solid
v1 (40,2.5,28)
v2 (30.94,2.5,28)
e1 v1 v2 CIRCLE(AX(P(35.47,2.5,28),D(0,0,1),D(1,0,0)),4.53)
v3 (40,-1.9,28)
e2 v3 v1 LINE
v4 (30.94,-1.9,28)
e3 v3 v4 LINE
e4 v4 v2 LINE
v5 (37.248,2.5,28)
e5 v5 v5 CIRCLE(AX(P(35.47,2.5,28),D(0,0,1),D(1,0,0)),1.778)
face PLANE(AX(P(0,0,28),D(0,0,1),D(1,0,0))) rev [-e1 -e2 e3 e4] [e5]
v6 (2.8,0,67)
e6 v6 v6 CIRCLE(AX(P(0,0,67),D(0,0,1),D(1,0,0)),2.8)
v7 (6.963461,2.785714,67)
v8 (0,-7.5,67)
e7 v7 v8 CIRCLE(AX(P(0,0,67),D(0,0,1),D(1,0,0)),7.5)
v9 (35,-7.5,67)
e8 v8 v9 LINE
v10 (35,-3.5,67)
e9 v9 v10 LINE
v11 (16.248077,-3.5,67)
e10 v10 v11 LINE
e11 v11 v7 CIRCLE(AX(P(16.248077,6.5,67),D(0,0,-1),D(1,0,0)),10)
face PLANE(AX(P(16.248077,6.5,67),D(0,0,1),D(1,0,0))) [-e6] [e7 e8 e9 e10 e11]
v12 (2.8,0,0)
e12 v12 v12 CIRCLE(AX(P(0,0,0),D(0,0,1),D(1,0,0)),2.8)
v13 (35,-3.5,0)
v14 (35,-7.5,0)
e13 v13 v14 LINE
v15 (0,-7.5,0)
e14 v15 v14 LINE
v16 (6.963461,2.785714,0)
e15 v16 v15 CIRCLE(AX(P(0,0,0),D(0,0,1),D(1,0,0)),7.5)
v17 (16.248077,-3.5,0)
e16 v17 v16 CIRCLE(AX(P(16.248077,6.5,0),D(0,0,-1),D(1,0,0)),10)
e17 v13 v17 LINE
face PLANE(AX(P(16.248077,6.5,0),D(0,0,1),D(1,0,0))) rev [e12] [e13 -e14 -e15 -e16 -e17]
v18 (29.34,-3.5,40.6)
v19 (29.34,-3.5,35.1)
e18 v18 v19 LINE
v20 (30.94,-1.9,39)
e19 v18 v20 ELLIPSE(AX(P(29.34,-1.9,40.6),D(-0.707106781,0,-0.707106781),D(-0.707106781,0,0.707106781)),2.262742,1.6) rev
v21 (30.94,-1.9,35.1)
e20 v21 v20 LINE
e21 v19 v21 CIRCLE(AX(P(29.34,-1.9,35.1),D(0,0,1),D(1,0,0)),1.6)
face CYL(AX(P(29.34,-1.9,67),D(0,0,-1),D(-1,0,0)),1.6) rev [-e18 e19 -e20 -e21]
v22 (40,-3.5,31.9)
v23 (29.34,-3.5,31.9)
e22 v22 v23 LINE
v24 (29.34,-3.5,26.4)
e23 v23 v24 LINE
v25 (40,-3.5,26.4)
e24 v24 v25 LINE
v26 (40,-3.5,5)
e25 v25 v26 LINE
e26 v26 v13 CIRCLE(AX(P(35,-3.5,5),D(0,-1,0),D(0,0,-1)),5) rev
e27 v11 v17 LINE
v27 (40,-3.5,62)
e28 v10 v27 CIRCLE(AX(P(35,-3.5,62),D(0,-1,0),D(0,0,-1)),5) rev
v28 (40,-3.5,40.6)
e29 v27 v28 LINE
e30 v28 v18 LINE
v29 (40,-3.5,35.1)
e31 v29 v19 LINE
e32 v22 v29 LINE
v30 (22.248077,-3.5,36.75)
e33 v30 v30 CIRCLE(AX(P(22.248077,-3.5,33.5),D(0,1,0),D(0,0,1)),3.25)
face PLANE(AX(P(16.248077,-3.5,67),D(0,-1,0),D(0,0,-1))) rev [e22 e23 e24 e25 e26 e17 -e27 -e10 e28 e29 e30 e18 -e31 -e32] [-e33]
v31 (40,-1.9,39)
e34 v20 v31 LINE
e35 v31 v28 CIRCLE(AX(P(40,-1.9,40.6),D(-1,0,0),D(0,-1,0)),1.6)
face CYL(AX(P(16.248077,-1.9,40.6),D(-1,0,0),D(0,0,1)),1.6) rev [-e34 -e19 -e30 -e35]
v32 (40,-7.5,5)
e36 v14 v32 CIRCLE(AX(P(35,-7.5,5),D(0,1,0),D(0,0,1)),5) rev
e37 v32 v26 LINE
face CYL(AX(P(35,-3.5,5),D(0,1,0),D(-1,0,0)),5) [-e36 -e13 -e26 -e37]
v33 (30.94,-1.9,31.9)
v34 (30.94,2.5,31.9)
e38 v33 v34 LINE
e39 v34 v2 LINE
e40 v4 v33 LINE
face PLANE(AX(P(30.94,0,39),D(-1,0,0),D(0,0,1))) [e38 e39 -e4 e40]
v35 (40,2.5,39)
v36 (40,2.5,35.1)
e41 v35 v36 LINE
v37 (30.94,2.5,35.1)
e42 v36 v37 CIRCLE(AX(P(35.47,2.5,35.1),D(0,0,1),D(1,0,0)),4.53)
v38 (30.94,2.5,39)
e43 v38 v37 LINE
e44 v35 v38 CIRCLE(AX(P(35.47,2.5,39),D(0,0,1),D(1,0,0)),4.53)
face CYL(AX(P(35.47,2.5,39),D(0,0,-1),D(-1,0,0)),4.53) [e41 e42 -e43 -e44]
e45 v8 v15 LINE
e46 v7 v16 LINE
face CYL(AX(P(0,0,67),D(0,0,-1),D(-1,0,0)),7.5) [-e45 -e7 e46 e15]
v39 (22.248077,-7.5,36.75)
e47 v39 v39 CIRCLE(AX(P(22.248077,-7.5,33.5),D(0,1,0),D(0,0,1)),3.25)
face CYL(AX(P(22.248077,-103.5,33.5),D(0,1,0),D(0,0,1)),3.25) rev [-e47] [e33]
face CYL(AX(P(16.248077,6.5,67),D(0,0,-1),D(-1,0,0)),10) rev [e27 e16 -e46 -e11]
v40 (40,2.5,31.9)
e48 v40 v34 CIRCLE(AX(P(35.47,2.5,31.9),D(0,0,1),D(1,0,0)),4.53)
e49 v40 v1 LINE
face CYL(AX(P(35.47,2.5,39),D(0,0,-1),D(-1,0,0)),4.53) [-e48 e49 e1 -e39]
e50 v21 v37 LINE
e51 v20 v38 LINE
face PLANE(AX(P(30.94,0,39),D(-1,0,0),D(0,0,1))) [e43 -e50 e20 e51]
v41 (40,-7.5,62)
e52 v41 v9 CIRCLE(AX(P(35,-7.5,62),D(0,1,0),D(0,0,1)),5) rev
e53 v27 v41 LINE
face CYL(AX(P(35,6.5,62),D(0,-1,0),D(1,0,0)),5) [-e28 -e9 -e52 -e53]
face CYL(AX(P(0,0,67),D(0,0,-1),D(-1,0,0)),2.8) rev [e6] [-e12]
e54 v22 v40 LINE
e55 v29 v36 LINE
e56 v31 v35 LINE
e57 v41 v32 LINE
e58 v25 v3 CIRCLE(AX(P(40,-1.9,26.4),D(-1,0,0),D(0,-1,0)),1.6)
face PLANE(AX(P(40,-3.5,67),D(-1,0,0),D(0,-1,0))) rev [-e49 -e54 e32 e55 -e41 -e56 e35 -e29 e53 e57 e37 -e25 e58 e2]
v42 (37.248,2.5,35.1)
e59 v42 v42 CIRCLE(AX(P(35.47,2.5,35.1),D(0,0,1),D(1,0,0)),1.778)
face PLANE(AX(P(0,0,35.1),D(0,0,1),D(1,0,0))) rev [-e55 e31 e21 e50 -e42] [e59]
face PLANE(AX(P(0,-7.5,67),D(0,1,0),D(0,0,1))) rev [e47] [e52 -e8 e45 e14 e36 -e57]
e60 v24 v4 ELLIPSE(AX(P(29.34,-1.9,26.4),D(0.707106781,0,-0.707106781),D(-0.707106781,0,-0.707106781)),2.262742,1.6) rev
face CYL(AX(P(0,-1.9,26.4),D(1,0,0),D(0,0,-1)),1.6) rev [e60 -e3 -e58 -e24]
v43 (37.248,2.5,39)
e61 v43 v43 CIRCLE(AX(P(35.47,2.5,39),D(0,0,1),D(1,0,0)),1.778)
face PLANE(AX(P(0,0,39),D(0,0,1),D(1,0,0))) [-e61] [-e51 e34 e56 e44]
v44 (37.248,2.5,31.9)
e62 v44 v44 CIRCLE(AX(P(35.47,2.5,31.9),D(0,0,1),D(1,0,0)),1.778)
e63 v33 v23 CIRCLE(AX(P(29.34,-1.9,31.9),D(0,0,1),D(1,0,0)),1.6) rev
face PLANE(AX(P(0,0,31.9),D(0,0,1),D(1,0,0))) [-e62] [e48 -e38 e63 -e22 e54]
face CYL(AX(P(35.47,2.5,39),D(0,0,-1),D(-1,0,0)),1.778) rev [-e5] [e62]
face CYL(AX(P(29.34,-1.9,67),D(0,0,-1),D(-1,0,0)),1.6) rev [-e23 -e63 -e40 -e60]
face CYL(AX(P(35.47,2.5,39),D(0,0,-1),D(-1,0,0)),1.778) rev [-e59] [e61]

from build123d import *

# Parameters (mm, degrees)
SKETCH1_R           = 2.8
BOSS_EXTRUDE1_DEPTH = 67
SKETCH2_R           = 3.25
CUT_EXTRUDE1_DEPTH  = 100
SKETCH3_R           = 1.778
BOSS_EXTRUDE2_DEPTH = 5.5
SKETCH3_3_R         = 1.778
CUT_EXTRUDE2_DEPTH  = 1.6
FILLET1_R           = 1.6
FILLET2_R           = 5


with BuildPart() as part:
    # Sketch1 → Boss-Extrude1 (new body)
    with BuildSketch(Plane.XY):
        with BuildLine():
            Line((16.248076809, -3.5), (40, -3.5))
            Line((40, -3.5), (40, -7.5))
            Line((40, -7.5), (0, -7.5))
            ThreePointArc((0, -7.5), (-6.210590034, 4.204589329), (6.96346149, 2.785714286))
            ThreePointArc((6.96346149, 2.785714286), (10.641957703, -1.780786712), (16.248076809, -3.5))
        make_face()
        Circle(SKETCH1_R, mode=Mode.SUBTRACT)
    extrude(amount=BOSS_EXTRUDE1_DEPTH)

    # Sketch2 → Cut-Extrude1 (cut)
    with BuildSketch(Plane(origin=(0, -3.5, 0), x_dir=(1, 0, 0), z_dir=(0, 1, 0))):
        with Locations((22.248076809, -33.5)):
            Circle(SKETCH2_R)
    extrude(amount=-CUT_EXTRUDE1_DEPTH, mode=Mode.SUBTRACT)

    # Sketch3 → Boss-Extrude2 (add, symmetric)
    with BuildSketch(Plane.XY.offset(33.5)):
        with BuildLine():
            Line((30.94, -3.5), (40, -3.5))
            Line((40, -3.5), (40, 2.5))
            ThreePointArc((40, 2.5), (35.47, 7.03), (30.94, 2.5))
            Line((30.94, 2.5), (30.94, -3.5))
        make_face()
        with Locations((35.47, 2.5)):
            Circle(SKETCH3_R, mode=Mode.SUBTRACT)
    extrude(amount=BOSS_EXTRUDE2_DEPTH, both=True)

    # Sketch3<3> → Cut-Extrude2 (cut, symmetric)
    with BuildSketch(Plane.XY.offset(33.5)):
        with BuildLine():
            Line((30.94, -3.5), (40, -3.5))
            Line((40, -3.5), (40, 2.5))
            ThreePointArc((40, 2.5), (35.47, 7.03), (30.94, 2.5))
            Line((30.94, 2.5), (30.94, -3.5))
        make_face()
        with Locations((35.47, 2.5)):
            Circle(SKETCH3_3_R, mode=Mode.SUBTRACT)
    extrude(amount=CUT_EXTRUDE2_DEPTH, both=True, mode=Mode.SUBTRACT)

    # Fillet1
    fillet1_edges = [part.edges().sort_by_distance(p)[0] for p in [
        (35.47, -3.5, 28),
        (30.94, -3.5, 29.95),
        (30.94, -3.5, 37.05),
        (35.47, -3.5, 39),
    ]]
    fillet(fillet1_edges, radius=FILLET1_R)

    # Fillet2
    fillet2_edges = [part.edges().sort_by_distance(p)[0] for p in [
        (40, -5.5, 0),
        (40, -5.5, 67),
    ]]
    fillet(fillet2_edges, radius=FILLET2_R)


solid = part.part
